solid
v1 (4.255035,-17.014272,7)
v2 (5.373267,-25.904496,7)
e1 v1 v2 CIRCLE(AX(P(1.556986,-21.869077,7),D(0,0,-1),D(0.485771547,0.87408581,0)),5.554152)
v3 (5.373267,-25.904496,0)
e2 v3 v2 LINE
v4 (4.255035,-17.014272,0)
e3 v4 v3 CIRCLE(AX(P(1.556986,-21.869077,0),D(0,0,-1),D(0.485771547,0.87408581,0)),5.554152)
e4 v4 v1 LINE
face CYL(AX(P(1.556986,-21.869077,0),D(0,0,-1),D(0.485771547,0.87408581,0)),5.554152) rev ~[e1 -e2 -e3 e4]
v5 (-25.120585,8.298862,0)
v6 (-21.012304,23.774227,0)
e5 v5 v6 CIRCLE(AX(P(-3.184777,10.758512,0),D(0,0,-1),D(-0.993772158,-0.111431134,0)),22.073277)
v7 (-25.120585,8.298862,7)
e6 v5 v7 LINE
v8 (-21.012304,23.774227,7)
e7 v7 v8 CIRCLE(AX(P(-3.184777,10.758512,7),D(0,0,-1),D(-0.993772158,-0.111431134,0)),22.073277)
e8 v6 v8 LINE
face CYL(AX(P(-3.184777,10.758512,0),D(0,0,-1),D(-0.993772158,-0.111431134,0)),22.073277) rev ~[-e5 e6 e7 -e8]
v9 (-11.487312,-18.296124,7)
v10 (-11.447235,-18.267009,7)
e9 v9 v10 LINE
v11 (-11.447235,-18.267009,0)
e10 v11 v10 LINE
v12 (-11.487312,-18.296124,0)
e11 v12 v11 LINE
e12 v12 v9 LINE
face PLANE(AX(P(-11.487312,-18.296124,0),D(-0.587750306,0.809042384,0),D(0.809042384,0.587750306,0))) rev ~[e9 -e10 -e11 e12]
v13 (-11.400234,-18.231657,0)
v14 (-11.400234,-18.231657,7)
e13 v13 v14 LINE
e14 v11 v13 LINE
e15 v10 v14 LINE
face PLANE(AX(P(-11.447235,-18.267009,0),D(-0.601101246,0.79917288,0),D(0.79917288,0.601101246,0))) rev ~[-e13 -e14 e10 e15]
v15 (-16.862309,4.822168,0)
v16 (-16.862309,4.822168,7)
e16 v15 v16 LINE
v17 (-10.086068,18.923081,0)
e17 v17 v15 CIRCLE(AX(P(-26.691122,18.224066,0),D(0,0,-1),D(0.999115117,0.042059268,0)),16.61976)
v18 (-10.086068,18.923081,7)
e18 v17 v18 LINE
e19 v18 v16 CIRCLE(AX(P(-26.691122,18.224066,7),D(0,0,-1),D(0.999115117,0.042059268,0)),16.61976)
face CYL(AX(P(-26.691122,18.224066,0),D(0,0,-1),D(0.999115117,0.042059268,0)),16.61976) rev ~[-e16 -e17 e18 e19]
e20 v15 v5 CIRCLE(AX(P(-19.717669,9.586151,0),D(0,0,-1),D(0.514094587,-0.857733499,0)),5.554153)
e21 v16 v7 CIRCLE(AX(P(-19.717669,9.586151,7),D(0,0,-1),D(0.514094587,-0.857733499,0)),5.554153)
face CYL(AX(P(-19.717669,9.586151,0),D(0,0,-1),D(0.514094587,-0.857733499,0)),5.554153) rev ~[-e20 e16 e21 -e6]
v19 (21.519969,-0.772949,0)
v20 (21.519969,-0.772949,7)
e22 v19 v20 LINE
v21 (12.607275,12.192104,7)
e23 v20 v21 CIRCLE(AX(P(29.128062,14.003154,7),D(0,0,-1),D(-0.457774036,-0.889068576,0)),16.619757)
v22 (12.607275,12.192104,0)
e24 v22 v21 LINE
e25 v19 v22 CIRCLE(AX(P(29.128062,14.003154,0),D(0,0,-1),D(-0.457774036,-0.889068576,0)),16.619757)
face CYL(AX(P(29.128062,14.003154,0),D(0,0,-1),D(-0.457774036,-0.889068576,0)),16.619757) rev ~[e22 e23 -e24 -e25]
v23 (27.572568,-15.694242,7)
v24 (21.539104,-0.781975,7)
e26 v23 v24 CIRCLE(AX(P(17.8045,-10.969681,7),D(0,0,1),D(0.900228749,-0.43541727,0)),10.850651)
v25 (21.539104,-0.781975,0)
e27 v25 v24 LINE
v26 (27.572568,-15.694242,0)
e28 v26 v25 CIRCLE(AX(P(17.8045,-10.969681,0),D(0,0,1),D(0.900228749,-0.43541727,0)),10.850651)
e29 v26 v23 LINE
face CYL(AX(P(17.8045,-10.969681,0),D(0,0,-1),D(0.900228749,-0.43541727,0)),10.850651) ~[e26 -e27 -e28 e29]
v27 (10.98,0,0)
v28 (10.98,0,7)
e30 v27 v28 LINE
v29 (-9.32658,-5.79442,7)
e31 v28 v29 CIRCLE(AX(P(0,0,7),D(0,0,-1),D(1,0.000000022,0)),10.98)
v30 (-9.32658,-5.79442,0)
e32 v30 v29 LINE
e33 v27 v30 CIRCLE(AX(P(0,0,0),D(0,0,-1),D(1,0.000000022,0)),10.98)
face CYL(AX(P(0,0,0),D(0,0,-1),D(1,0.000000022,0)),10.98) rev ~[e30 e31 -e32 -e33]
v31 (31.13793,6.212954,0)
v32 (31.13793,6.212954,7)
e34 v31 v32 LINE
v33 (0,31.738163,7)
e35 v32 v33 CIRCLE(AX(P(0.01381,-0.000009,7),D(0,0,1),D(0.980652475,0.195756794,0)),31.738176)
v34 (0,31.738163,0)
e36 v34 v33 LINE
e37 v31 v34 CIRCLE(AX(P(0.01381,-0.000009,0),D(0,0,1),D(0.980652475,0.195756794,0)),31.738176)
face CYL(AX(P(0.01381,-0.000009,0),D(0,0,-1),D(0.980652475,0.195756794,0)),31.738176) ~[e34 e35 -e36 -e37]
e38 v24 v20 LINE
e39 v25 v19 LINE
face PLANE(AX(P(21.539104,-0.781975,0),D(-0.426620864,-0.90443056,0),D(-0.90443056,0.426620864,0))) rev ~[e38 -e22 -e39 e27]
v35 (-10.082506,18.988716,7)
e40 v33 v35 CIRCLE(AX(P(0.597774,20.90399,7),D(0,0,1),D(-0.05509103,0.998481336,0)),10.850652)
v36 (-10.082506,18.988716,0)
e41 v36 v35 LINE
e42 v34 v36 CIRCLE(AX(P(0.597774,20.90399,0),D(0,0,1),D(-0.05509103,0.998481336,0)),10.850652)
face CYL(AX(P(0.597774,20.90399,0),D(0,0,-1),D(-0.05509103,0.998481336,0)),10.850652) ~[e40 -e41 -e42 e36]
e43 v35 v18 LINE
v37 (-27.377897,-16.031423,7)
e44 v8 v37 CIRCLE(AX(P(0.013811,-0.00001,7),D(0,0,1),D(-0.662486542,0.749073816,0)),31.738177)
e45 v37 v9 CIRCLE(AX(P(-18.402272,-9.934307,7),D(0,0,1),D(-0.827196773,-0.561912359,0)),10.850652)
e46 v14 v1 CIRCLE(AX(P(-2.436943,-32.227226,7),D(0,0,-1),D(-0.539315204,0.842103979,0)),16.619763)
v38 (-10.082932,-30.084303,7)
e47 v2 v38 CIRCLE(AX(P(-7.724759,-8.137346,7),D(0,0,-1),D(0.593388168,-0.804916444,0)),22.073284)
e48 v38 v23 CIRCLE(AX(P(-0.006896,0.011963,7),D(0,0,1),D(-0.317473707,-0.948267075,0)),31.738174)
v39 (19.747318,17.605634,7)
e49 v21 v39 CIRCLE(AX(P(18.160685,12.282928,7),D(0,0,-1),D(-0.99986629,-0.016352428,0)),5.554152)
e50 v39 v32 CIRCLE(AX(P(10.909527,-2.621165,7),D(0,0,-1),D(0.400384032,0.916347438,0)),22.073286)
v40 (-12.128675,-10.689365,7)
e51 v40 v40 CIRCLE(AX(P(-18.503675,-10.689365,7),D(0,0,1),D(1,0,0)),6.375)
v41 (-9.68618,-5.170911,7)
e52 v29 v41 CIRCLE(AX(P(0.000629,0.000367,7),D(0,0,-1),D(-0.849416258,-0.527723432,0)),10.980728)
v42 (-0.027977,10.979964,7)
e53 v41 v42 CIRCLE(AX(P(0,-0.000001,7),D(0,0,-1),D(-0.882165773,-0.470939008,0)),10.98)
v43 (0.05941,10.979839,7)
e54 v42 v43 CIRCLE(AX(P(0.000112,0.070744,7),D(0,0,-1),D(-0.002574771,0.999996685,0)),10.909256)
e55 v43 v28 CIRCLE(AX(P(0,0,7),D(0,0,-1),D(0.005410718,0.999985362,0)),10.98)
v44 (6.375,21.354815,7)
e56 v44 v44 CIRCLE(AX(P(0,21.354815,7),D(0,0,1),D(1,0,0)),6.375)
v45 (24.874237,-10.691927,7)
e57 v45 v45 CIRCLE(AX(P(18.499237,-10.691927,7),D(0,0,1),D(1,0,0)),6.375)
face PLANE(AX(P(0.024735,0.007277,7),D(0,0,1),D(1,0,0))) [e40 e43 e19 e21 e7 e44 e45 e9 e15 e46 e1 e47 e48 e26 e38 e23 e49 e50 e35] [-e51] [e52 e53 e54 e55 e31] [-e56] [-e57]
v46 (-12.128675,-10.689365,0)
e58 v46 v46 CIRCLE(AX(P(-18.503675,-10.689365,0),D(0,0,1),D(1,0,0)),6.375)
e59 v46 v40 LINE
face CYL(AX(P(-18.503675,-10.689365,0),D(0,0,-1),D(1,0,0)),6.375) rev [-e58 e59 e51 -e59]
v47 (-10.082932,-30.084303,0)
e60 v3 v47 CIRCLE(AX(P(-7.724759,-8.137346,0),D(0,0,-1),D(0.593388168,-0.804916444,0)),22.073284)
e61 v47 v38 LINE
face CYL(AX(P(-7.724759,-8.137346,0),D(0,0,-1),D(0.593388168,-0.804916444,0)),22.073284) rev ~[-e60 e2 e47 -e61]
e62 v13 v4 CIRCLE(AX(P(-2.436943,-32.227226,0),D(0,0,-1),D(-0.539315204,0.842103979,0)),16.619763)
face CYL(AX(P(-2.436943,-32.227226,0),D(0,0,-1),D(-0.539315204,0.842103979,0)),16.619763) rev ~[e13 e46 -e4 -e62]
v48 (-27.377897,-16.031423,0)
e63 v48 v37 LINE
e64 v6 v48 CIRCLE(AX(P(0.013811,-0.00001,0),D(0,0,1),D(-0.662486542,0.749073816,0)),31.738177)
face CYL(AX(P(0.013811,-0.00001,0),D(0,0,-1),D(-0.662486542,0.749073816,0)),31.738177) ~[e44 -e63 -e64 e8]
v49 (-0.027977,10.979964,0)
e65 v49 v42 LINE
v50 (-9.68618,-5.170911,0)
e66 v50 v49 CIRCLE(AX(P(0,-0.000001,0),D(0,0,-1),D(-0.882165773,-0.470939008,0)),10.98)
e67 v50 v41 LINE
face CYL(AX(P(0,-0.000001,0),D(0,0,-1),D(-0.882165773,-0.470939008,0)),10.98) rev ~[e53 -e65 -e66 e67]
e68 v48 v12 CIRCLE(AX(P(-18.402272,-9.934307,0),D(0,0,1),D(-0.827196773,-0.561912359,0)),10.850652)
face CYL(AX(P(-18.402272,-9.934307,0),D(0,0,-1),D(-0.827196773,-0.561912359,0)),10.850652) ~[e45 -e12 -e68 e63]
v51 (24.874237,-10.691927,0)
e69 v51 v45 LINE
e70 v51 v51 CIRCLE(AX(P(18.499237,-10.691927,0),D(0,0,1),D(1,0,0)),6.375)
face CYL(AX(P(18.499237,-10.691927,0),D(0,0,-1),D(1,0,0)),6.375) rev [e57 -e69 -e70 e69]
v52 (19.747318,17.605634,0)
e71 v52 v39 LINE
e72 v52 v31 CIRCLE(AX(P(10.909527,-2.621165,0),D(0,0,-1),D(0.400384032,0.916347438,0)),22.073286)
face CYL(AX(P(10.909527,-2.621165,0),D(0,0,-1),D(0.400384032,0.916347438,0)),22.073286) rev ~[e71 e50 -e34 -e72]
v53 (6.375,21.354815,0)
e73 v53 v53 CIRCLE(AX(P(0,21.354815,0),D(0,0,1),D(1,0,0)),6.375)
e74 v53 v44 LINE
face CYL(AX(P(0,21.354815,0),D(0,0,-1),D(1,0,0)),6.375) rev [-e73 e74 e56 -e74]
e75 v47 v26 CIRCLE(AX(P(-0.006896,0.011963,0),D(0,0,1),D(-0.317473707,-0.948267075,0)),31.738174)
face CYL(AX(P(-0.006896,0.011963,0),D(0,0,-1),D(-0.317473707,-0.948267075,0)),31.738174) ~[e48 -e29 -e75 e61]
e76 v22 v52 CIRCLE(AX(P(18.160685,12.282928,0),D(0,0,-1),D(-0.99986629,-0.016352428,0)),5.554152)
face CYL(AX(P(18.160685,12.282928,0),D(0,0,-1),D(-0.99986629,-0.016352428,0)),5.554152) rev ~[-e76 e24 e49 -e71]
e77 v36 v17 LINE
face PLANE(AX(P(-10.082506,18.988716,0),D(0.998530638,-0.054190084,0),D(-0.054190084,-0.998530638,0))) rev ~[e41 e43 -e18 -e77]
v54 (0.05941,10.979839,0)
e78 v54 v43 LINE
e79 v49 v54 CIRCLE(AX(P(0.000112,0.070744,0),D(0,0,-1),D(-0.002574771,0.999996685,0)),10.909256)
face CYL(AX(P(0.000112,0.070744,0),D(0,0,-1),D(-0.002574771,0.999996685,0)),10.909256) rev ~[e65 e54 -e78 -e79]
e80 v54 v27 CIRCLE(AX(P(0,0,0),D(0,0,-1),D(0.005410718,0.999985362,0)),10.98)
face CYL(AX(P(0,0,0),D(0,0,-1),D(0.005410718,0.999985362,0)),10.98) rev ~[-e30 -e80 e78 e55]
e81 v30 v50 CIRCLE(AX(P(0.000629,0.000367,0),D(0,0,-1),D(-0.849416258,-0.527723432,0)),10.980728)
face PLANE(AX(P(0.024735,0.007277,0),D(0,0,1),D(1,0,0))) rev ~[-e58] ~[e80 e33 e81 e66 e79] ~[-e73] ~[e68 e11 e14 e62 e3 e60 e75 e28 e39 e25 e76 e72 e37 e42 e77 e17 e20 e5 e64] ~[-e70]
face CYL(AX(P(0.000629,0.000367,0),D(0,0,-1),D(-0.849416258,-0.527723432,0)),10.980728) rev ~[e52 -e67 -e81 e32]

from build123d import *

# Parameters (mm, degrees)
F0_R     = 6.375
F1_DEPTH = 7


with BuildPart() as f1:
    # F0 (on Top) → F1 (new body)
    with BuildSketch(Plane.XY):
        with BuildLine():
            Line((-11.447235, -18.267009), (-11.400234, -18.231657))
            ThreePointArc((-11.400234, -18.231657), (-3.725439, -15.657485), (4.255035, -17.014272))
            ThreePointArc((4.255035, -17.014272), (7.067716, -21.175926), (5.373267, -25.904496))
            ThreePointArc((5.373267, -25.904496), (-1.962484, -29.445234), (-10.082932, -30.084303))
            ThreePointArc((-10.082932, -30.084303), (11.322753, -29.635141), (27.572568, -15.694242))
            ThreePointArc((27.572568, -15.694242), (27.863052, -6.900018), (21.539104, -0.781975))
            Line((21.539104, -0.781975), (21.519969, -0.772949))
            ThreePointArc((21.519969, -0.772949), (15.432301, 4.588143), (12.607275, 12.192104))
            ThreePointArc((12.607275, 12.192104), (14.805032, 16.708784), (19.747318, 17.605634))
            ThreePointArc((19.747318, 17.605634), (26.519114, 12.985588), (31.13793, 6.212954))
            ThreePointArc((31.13793, 6.212954), (20.134618, 24.54515), (0, 31.738163))
            ThreePointArc((0, 31.738163), (-7.913144, 27.634586), (-10.082506, 18.988716))
            Line((-10.082506, 18.988716), (-10.086068, 18.923081))
            ThreePointArc((-10.086068, 18.923081), (-11.71126, 11.025443), (-16.862309, 4.822168))
            ThreePointArc((-16.862309, 4.822168), (-21.872747, 4.467142), (-25.120585, 8.298862))
            ThreePointArc((-25.120585, 8.298862), (-24.519079, 16.422178), (-21.012304, 23.774227))
            ThreePointArc((-21.012304, 23.774227), (-31.326161, 5.011778), (-27.377897, -16.031423))
            ThreePointArc((-27.377897, -16.031423), (-19.93322, -20.676414), (-11.487312, -18.296124))
            Line((-11.487312, -18.296124), (-11.447235, -18.267009))
        make_face()
        with Locations((-18.503675, -10.689365)):
            Circle(F0_R, mode=Mode.SUBTRACT)
        with BuildLine():
            ThreePointArc((0.05941, 10.979839), (7.785009, 7.742999), (10.98, 0))
            ThreePointArc((10.98, 0), (3.012852, -10.558557), (-9.32658, -5.79442))
            ThreePointArc((-9.32658, -5.79442), (-9.51149, -5.485613), (-9.68618, -5.170911))
            ThreePointArc((-9.68618, -5.170911), (-9.423582, 5.63529), (-0.027977, 10.979964))
            ThreePointArc((-0.027977, 10.979964), (0.015717, 10.979989), (0.05941, 10.979839))
        make_face(mode=Mode.SUBTRACT)
        with Locations((18.499237, -10.691927)):
            Circle(F0_R, mode=Mode.SUBTRACT)
        with Locations((0, 21.354815)):
            Circle(F0_R, mode=Mode.SUBTRACT)
    extrude(amount=F1_DEPTH)


solid = f1.part
